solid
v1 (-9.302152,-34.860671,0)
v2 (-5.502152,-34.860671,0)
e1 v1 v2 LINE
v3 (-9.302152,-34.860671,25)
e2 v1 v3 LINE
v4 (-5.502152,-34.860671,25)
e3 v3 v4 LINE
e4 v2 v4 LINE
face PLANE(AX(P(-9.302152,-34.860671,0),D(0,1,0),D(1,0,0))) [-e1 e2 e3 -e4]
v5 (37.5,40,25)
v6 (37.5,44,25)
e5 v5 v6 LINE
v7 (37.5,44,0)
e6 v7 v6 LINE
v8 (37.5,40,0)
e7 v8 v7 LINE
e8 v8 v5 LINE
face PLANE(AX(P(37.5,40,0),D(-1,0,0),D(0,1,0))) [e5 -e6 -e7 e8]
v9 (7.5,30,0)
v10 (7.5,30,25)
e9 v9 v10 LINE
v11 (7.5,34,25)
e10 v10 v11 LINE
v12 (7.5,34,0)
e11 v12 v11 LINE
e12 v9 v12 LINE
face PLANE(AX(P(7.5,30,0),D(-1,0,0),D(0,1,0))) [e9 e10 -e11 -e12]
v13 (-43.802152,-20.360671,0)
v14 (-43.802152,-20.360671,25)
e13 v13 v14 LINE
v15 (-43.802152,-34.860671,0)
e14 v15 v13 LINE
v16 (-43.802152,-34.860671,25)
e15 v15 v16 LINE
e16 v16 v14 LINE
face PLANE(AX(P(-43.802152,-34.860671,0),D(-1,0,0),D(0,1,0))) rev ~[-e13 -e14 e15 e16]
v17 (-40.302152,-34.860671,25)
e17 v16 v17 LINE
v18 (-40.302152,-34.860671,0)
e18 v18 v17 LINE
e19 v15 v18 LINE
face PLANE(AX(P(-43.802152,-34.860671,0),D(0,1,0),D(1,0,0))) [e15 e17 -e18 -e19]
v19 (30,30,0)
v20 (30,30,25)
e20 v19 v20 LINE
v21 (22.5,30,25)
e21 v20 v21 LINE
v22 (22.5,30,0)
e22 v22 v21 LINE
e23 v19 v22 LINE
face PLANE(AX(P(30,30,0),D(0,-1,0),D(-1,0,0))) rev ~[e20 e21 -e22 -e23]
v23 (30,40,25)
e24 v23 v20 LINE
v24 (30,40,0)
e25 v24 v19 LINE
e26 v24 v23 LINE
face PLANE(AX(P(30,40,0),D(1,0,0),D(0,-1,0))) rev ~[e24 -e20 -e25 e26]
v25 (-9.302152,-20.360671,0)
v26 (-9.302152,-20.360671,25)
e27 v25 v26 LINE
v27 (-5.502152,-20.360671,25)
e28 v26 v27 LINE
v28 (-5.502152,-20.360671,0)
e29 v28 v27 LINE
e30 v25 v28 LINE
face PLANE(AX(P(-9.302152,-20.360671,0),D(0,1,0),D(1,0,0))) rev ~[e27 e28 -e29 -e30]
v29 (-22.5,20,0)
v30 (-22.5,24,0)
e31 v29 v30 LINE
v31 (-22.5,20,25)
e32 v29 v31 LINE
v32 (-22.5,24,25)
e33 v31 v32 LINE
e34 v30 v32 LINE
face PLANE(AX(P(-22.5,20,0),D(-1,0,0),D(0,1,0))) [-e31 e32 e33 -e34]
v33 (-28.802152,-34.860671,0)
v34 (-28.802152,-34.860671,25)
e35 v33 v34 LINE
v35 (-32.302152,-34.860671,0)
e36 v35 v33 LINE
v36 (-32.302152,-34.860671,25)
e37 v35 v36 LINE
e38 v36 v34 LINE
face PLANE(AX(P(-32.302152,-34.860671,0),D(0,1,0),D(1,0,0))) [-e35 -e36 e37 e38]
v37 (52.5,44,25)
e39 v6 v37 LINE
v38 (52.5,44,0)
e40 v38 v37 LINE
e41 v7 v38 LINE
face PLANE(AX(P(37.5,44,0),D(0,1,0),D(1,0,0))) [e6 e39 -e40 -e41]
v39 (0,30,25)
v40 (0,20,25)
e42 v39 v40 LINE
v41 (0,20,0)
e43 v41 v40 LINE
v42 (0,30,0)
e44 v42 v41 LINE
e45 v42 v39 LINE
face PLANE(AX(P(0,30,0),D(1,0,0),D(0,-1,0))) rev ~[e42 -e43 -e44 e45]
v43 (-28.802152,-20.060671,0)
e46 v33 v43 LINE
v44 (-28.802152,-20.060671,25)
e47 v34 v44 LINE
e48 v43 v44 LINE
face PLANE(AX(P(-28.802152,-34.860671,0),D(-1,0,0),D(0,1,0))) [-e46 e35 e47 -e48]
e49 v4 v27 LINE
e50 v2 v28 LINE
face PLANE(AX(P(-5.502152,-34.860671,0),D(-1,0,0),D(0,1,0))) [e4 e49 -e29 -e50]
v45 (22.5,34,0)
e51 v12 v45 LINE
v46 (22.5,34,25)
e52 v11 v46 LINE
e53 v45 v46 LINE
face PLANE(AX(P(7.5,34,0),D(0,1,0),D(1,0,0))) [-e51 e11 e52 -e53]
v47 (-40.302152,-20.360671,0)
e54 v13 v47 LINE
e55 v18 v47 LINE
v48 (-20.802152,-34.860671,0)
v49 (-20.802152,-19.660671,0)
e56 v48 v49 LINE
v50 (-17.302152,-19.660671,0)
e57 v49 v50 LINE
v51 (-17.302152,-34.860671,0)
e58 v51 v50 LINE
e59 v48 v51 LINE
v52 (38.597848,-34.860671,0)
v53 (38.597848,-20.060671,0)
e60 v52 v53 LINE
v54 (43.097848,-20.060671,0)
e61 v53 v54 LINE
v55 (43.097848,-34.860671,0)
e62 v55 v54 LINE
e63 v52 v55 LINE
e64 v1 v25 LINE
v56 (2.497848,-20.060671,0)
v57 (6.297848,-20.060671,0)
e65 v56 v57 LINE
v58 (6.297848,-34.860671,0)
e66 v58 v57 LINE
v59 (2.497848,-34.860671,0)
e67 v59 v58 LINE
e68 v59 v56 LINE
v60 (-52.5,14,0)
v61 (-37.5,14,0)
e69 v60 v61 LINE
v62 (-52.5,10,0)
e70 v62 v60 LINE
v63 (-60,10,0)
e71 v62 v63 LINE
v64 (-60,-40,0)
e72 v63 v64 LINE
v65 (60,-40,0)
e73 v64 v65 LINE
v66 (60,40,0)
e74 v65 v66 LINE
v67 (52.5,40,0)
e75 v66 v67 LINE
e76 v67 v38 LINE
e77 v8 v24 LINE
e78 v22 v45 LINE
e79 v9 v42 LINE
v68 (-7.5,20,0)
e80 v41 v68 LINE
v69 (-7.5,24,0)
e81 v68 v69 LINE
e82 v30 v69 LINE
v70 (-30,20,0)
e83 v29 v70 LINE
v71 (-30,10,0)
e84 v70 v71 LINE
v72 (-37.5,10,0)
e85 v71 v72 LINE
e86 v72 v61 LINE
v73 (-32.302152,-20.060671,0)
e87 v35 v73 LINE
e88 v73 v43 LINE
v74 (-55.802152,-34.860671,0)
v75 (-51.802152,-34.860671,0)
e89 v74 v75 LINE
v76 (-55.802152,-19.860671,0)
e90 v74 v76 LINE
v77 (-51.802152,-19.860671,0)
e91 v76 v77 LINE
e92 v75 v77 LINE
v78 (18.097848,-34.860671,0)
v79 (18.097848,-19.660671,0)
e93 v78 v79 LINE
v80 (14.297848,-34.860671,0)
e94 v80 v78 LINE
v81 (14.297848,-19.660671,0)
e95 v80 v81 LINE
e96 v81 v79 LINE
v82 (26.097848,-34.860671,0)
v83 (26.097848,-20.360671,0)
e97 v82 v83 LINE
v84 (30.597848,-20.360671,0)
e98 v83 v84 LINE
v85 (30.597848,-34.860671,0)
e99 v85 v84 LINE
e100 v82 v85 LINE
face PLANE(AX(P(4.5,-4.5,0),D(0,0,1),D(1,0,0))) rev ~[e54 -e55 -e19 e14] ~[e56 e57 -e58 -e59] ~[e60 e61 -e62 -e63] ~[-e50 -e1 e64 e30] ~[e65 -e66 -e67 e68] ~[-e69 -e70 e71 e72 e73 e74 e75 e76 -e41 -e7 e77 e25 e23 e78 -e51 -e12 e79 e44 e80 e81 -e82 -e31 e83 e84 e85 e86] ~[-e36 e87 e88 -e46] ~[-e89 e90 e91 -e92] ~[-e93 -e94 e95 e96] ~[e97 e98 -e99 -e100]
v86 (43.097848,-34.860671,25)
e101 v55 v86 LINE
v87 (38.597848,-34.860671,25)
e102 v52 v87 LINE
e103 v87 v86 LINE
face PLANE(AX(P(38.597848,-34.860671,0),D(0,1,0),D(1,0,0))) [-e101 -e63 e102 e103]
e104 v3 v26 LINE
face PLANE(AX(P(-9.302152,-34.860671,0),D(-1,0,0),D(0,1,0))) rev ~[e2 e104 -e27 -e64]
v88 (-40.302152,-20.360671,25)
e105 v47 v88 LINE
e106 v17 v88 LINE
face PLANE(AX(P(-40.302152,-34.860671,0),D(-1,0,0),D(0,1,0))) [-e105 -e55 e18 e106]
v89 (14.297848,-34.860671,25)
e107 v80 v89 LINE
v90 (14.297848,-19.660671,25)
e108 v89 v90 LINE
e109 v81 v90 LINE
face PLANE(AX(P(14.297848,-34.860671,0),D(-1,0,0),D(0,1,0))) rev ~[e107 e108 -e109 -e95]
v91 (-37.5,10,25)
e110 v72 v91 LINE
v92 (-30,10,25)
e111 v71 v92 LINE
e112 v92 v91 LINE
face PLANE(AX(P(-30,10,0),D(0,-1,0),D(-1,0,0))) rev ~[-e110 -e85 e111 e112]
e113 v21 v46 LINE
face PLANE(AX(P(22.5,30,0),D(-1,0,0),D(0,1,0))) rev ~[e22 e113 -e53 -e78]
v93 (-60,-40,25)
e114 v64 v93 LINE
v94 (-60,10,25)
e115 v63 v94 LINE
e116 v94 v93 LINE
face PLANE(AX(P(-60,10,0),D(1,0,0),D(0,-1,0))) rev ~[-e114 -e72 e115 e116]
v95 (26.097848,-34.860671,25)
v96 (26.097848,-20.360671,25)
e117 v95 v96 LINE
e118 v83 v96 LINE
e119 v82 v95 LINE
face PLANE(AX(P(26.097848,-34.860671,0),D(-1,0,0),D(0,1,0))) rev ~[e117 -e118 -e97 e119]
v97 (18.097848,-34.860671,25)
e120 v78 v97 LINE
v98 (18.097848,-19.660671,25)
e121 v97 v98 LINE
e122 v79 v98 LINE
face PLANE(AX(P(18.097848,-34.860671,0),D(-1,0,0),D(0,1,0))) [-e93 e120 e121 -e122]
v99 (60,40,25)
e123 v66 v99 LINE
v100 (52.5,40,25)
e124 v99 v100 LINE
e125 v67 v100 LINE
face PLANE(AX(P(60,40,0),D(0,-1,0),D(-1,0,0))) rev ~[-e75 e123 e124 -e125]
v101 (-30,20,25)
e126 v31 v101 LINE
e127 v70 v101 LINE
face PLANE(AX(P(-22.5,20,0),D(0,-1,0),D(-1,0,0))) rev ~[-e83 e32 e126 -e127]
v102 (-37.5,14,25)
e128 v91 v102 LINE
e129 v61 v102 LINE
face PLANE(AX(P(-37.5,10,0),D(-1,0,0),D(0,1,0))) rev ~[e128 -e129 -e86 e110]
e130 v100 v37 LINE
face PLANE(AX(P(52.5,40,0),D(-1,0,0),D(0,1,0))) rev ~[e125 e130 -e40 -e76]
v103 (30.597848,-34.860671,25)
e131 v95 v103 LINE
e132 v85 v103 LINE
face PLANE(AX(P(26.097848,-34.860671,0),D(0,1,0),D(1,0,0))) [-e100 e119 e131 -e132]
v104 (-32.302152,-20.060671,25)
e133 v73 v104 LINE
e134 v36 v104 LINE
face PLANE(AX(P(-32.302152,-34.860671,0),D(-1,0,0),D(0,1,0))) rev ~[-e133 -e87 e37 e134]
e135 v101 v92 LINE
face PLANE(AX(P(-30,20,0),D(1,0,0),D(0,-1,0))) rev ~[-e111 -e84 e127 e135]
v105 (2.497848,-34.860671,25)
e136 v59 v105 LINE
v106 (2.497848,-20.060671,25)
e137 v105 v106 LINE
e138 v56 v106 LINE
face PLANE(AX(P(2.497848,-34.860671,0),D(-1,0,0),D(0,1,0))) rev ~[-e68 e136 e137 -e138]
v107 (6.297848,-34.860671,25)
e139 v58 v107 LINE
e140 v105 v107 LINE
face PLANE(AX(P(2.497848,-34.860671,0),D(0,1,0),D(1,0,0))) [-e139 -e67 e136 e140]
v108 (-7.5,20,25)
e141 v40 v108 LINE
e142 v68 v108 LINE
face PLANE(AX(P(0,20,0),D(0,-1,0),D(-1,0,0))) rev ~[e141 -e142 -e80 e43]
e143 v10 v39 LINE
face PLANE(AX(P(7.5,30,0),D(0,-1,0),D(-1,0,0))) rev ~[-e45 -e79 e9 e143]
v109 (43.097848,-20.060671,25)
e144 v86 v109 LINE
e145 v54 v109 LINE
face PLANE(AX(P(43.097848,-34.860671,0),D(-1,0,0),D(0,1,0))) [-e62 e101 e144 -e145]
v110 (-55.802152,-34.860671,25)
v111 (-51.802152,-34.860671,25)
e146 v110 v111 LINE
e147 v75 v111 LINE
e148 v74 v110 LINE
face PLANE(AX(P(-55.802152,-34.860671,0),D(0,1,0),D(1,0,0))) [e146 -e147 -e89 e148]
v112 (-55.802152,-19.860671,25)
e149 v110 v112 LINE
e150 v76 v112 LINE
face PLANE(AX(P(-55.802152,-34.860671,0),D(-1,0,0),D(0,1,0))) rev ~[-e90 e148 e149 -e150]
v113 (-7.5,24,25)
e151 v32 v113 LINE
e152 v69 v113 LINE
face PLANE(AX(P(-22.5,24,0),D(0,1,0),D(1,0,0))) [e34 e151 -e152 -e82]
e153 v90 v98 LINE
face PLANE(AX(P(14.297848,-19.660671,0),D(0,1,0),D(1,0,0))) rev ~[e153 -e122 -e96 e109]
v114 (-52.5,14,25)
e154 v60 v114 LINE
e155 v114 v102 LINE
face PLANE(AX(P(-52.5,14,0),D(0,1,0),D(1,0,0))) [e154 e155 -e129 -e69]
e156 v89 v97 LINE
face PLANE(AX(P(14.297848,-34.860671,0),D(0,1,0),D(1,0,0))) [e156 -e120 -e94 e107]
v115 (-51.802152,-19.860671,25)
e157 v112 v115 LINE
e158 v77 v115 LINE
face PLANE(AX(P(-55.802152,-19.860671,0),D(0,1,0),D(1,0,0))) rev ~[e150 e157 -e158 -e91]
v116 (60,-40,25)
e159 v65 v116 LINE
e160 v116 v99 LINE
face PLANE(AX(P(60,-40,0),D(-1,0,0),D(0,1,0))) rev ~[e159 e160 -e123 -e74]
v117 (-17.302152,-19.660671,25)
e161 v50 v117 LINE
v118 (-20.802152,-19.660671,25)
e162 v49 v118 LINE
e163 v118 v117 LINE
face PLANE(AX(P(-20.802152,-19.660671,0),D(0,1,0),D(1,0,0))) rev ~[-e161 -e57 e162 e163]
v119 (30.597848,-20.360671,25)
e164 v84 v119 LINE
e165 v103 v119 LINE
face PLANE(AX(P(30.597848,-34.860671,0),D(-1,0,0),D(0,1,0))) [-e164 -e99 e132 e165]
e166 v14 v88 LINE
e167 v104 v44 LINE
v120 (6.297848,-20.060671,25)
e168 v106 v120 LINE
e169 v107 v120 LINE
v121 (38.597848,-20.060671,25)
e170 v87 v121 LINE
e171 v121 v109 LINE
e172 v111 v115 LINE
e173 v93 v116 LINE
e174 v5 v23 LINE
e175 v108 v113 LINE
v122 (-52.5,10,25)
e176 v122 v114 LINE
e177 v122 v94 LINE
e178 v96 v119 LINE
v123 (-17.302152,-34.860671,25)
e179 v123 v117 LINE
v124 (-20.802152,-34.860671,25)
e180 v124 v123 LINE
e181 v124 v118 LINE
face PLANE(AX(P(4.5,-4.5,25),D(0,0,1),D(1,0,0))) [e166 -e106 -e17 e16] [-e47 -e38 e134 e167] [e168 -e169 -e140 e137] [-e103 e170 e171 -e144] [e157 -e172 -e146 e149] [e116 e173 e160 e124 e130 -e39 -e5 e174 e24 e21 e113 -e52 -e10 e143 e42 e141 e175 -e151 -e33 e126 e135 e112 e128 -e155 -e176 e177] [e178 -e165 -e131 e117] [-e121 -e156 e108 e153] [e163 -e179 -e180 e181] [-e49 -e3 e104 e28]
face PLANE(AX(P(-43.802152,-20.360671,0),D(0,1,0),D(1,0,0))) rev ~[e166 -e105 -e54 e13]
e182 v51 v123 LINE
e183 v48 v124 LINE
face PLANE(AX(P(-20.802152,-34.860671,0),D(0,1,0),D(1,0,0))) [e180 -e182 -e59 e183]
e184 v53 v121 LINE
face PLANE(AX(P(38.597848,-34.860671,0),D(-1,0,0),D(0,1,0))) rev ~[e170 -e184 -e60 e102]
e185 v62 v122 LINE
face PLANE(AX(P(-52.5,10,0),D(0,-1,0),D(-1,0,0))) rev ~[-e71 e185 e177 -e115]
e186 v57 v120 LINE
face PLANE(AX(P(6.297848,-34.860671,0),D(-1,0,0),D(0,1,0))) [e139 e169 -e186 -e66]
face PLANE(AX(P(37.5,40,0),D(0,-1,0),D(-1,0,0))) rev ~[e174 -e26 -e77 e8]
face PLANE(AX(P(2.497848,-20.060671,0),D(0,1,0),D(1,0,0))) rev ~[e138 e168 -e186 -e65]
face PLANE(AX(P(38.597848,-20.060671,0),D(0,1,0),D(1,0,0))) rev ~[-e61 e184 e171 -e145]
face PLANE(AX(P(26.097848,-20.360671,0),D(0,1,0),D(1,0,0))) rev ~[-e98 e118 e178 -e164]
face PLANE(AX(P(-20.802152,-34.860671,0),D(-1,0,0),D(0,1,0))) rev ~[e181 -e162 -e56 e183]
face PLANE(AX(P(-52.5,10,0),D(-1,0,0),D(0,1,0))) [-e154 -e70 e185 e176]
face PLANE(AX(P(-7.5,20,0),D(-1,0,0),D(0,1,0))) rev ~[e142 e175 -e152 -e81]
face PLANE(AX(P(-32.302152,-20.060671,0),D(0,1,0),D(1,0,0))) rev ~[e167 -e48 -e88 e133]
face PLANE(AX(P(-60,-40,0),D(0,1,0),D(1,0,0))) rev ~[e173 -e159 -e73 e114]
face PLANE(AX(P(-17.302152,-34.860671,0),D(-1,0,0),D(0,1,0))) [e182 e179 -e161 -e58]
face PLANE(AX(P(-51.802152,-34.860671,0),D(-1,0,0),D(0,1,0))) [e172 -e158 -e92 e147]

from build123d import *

# Parameters (mm, degrees)
F0_W     = 4
F0_H     = 15
F0_W_2   = 3.5
F0_H_2   = 14.5
F0_H_3   = 14.8
F0_H_4   = 15.2
F0_W_3   = 3.8
F0_W_4   = 4.5
F0_W_5   = 15
F0_H_5   = 4
F1_DEPTH = 25


with BuildPart() as f1:
    # F0 (on Top) → F1 (new body)
    with BuildSketch(Plane.XY):
        Polygon((37.5, 40), (30, 40), (30, 30), (22.5, 30), (7.5, 30), (0, 30), (0, 20), (-7.5, 20), (-22.5, 20), (-30, 20), (-30, 10), (-37.5, 10), (-52.5, 10), (-60, 10), (-60, -40), (60, -40), (60, 40), (52.5, 40), align=None)
        with Locations((-53.802152, -27.360671)):
            Rectangle(F0_W, F0_H, mode=Mode.SUBTRACT)
        with Locations((-42.052152, -27.610671)):
            Rectangle(F0_W_2, F0_H_2, mode=Mode.SUBTRACT)
        with Locations((-30.552152, -27.460671)):
            Rectangle(F0_W_2, F0_H_3, mode=Mode.SUBTRACT)
        with Locations((-19.052152, -27.260671)):
            Rectangle(F0_W_2, F0_H_4, mode=Mode.SUBTRACT)
        with Locations((-7.402152, -27.610671)):
            Rectangle(F0_W_3, F0_H_2, mode=Mode.SUBTRACT)
        with Locations((4.397848, -27.460671)):
            Rectangle(F0_W_3, F0_H_3, mode=Mode.SUBTRACT)
        with Locations((16.197848, -27.260671)):
            Rectangle(F0_W_3, F0_H_4, mode=Mode.SUBTRACT)
        with Locations((28.347848, -27.610671)):
            Rectangle(F0_W_4, F0_H_2, mode=Mode.SUBTRACT)
        with Locations((40.847848, -27.460671)):
            Rectangle(F0_W_4, F0_H_3, mode=Mode.SUBTRACT)
        with Locations((45, 42)):
            Rectangle(F0_W_5, F0_H_5)
        with Locations((15, 32)):
            Rectangle(F0_W_5, F0_H_5)
        with Locations((-15, 22)):
            Rectangle(F0_W_5, F0_H_5)
        with Locations((-45, 12)):
            Rectangle(F0_W_5, F0_H_5)
    extrude(amount=F1_DEPTH)


solid = f1.part
